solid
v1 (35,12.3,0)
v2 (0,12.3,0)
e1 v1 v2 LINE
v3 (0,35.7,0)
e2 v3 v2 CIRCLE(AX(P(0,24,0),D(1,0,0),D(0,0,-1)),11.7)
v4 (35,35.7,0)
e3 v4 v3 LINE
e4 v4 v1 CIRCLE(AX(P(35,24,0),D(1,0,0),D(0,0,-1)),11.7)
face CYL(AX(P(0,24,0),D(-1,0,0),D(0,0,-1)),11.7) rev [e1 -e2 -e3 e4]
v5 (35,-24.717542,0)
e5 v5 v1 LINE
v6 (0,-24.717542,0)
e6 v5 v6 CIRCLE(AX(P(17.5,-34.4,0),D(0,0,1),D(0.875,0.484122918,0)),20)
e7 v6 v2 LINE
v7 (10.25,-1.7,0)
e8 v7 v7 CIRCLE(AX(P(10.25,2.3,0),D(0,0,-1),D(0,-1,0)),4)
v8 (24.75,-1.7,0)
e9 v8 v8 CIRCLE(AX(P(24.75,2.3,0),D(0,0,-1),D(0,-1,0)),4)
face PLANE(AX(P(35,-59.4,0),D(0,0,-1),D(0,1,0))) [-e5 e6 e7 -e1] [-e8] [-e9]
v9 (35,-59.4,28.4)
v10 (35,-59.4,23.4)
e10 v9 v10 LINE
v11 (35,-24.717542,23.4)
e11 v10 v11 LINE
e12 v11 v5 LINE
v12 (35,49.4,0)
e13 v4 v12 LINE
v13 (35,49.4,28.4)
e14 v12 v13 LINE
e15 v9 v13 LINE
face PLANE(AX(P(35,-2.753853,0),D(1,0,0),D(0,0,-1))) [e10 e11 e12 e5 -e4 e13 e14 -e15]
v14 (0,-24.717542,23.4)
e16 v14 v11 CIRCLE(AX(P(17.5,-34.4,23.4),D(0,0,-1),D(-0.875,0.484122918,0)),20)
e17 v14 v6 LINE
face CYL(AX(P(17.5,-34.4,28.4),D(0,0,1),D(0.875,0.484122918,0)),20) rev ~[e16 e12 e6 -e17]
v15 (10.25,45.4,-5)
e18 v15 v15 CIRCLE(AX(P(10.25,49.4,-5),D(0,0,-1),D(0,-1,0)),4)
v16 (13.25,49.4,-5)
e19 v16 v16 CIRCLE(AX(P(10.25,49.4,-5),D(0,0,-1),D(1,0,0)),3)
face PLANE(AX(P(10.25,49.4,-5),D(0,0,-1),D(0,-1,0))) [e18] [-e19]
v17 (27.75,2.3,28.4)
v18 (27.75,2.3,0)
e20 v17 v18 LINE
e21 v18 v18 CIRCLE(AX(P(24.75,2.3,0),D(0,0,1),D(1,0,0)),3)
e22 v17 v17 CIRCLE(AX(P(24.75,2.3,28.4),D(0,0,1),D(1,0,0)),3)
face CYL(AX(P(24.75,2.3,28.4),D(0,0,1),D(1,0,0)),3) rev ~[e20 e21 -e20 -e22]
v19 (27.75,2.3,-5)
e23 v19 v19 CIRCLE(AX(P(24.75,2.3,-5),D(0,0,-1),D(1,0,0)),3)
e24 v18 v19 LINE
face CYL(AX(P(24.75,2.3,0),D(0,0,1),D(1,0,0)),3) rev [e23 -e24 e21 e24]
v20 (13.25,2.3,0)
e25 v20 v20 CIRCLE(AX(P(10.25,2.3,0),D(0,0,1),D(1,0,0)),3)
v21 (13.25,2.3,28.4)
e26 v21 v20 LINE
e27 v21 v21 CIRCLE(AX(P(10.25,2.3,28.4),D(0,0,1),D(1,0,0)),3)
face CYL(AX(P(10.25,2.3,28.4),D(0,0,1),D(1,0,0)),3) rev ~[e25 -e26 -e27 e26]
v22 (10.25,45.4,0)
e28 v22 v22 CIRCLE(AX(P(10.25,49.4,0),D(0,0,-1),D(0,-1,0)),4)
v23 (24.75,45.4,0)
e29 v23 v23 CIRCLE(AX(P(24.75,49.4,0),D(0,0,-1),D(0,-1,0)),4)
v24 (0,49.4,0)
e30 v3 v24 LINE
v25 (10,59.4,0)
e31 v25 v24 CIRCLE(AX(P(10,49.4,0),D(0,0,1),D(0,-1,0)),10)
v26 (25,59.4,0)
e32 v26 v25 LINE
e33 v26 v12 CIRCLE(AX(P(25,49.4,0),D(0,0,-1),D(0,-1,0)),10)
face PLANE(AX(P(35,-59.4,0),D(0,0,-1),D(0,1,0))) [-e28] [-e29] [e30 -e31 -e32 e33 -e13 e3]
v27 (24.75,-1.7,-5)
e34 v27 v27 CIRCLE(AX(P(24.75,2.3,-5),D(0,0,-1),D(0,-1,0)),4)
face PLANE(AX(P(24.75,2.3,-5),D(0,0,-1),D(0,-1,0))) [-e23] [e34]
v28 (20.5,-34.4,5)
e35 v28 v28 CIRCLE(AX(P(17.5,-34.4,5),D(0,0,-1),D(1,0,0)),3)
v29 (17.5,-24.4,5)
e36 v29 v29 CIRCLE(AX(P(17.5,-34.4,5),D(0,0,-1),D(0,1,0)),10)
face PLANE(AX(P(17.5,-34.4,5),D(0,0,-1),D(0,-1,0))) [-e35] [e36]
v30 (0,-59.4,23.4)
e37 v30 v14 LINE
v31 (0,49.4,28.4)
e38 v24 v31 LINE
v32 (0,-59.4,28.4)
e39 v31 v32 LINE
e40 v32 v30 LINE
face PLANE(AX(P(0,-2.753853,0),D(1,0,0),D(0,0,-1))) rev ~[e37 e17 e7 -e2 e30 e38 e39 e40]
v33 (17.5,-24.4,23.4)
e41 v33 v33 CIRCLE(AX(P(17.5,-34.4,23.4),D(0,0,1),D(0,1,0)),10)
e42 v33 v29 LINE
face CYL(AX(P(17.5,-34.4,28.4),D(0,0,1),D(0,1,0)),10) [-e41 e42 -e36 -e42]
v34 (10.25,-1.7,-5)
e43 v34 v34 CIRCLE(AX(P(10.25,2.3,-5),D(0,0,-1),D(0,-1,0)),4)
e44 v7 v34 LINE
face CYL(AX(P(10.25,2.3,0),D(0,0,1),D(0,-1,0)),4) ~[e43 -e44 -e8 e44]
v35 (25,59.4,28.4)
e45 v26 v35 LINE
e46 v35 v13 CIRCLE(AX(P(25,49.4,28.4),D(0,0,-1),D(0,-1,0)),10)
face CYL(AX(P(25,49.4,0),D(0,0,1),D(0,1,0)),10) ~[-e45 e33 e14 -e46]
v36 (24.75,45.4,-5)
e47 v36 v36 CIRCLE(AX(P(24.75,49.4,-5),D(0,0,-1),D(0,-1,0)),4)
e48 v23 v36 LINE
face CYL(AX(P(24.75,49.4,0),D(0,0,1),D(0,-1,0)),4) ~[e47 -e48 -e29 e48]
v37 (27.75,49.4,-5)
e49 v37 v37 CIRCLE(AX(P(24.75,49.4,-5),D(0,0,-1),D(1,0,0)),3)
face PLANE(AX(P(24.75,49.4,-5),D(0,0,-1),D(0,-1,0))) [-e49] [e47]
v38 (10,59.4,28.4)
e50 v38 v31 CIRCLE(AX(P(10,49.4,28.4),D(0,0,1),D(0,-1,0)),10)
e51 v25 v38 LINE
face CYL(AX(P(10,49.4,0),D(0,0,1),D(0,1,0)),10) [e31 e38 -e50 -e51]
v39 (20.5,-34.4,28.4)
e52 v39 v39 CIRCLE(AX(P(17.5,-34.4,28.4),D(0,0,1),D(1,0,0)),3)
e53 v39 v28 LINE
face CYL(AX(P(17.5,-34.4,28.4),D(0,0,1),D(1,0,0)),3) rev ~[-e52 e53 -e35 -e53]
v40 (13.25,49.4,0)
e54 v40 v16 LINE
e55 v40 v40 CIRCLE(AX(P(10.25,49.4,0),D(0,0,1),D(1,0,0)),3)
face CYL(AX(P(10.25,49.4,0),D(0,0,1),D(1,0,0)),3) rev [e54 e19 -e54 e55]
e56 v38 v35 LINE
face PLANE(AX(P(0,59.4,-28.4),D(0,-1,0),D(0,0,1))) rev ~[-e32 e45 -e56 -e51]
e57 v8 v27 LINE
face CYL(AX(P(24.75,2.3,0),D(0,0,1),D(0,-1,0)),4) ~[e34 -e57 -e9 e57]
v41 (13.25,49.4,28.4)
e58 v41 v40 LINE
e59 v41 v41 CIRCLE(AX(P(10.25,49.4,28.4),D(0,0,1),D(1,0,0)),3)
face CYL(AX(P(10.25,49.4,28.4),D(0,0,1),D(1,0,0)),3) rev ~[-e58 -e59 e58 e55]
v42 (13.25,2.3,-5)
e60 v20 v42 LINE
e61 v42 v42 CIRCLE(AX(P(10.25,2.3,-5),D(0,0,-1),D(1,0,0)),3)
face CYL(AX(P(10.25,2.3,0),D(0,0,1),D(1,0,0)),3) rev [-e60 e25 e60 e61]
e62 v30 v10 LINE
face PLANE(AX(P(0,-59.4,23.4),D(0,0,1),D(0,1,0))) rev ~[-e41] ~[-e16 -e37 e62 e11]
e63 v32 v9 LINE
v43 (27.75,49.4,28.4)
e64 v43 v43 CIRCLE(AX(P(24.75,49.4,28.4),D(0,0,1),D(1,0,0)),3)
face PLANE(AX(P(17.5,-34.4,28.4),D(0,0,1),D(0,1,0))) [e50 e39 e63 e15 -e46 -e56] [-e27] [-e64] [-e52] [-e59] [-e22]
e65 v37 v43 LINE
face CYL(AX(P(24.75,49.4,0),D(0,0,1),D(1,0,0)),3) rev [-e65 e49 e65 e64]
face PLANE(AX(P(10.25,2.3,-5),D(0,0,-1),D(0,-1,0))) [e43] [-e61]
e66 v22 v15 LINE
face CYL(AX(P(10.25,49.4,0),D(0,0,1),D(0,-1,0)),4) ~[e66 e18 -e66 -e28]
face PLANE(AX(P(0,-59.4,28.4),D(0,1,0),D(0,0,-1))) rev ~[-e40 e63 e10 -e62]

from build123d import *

# Parameters (mm, degrees)
SKETCH1_R               = 11.7
BOSS_EXTRUDE1_DEPTH     = 35
SKETCH2_R               = 10
BOSS_EXTRUDE3_DEPTH     = 51.8
SKETCH3_R               = 3
CUT_EXTRUDE1_DEPTH      = 90.32860684
CUT_EXTRUDE1_DEPTH_BACK = 90.32860684
SKETCH6_W               = 28.4
SKETCH6_H               = 118.8
CUT_EXTRUDE3_DEPTH      = 75.564871086
SKETCH8_R               = 10
SKETCH8_R_2             = 3
CUT_EXTRUDE4_DEPTH      = 5
SKETCH7_R               = 4
SKETCH7_R_2             = 3
BOSS_EXTRUDE4_DEPTH     = 5
FILLET1_R               = 10


with BuildPart() as part:
    # Sketch1 → Boss-Extrude1 (new body)
    with BuildSketch(Plane(origin=(0, 0, 0), x_dir=(0, 0, -1), z_dir=(1, 0, 0))):
        Polygon((-28.4, -59.4), (-23.4, -59.4), (-23.4, -14.4), (23.4, -14.4), (23.4, -59.4), (28.4, -59.4), (28.4, 59.4), (-28.4, 59.4), align=None)
        with Locations((0, 24)):
            Circle(SKETCH1_R, mode=Mode.SUBTRACT)
    extrude(amount=BOSS_EXTRUDE1_DEPTH)

    # Sketch2 → Boss-Extrude3 (add)
    with BuildSketch(Plane.XY.offset(28.4)):
        with Locations(Location((17.5, -34.4, 0), (0, 0, 90))):
            Circle(SKETCH2_R)
        with BuildLine():
            Line((0, -24.717541634), (0, -13.4))
            Line((0, -13.4), (35, -13.4))
            Line((35, -13.4), (35, -24.717541634))
            ThreePointArc((35, -24.717541634), (17.5, -14.4), (0, -24.717541634))
        make_face()
    extrude(amount=-BOSS_EXTRUDE3_DEPTH)

    # Sketch3 → Cut-Extrude1 (cut, two sides)
    with BuildSketch(Plane.XY.offset(28.4)) as cut_extrude1_sk:
        with Locations((10.25, 49.4)):
            Circle(SKETCH3_R)
        with Locations((17.5, -34.4)):
            Circle(SKETCH3_R)
        with Locations((10.25, 2.3)):
            Circle(SKETCH3_R)
        with Locations((24.75, 2.3)):
            Circle(SKETCH3_R)
        with Locations((24.75, 49.4)):
            Circle(SKETCH3_R)
    extrude(amount=CUT_EXTRUDE1_DEPTH, mode=Mode.SUBTRACT)
    extrude(cut_extrude1_sk.sketch, amount=-CUT_EXTRUDE1_DEPTH_BACK, mode=Mode.SUBTRACT)

    # Sketch6 → Cut-Extrude3 (cut, through all)
    with BuildSketch(Plane(origin=(35, 0, 0), x_dir=(0, 0, -1), z_dir=(1, 0, 0))):
        with Locations((14.2, 0)):
            Rectangle(SKETCH6_W, SKETCH6_H)
    extrude(amount=-CUT_EXTRUDE3_DEPTH, mode=Mode.SUBTRACT)

    # Sketch8 → Cut-Extrude4 (cut)
    with BuildSketch(Plane(origin=(0, 0, 0), x_dir=(-1, 0, 0), z_dir=(0, 0, -1))):
        with Locations(Location((-17.5, -34.4, 0), (0, 0, 270))):
            Circle(SKETCH8_R)
        with Locations(Location((-17.5, -34.4, 0), (0, 0, 180))):
            Circle(SKETCH8_R_2, mode=Mode.SUBTRACT)
    extrude(amount=-CUT_EXTRUDE4_DEPTH, mode=Mode.SUBTRACT)

    # Sketch7 → Boss-Extrude4 (add)
    with BuildSketch(Plane(origin=(0, 0, 0), x_dir=(-1, 0, 0), z_dir=(0, 0, -1))):
        with Locations(Location((-24.75, 49.4, 0), (0, 0, 270))):
            Circle(SKETCH7_R)
        with Locations(Location((-24.75, 49.4, 0), (0, 0, 180))):
            Circle(SKETCH7_R_2, mode=Mode.SUBTRACT)
        with Locations(Location((-10.25, 49.4, 0), (0, 0, 270))):
            Circle(SKETCH7_R)
        with Locations(Location((-10.25, 49.4, 0), (0, 0, 180))):
            Circle(SKETCH7_R_2, mode=Mode.SUBTRACT)
        with Locations(Location((-24.75, 2.3, 0), (0, 0, 270))):
            Circle(SKETCH7_R)
        with Locations(Location((-24.75, 2.3, 0), (0, 0, 180))):
            Circle(SKETCH7_R_2, mode=Mode.SUBTRACT)
        with Locations(Location((-10.25, 2.3, 0), (0, 0, 270))):
            Circle(SKETCH7_R)
        with Locations(Location((-10.25, 2.3, 0), (0, 0, 180))):
            Circle(SKETCH7_R_2, mode=Mode.SUBTRACT)
    extrude(amount=BOSS_EXTRUDE4_DEPTH)

    # Fillet1
    fillet1_edges = [part.edges().sort_by_distance(p)[0] for p in [
        (0, 59.4, 14.2),
        (35, 59.4, 14.2),
    ]]
    fillet(fillet1_edges, radius=FILLET1_R)


solid = part.part
